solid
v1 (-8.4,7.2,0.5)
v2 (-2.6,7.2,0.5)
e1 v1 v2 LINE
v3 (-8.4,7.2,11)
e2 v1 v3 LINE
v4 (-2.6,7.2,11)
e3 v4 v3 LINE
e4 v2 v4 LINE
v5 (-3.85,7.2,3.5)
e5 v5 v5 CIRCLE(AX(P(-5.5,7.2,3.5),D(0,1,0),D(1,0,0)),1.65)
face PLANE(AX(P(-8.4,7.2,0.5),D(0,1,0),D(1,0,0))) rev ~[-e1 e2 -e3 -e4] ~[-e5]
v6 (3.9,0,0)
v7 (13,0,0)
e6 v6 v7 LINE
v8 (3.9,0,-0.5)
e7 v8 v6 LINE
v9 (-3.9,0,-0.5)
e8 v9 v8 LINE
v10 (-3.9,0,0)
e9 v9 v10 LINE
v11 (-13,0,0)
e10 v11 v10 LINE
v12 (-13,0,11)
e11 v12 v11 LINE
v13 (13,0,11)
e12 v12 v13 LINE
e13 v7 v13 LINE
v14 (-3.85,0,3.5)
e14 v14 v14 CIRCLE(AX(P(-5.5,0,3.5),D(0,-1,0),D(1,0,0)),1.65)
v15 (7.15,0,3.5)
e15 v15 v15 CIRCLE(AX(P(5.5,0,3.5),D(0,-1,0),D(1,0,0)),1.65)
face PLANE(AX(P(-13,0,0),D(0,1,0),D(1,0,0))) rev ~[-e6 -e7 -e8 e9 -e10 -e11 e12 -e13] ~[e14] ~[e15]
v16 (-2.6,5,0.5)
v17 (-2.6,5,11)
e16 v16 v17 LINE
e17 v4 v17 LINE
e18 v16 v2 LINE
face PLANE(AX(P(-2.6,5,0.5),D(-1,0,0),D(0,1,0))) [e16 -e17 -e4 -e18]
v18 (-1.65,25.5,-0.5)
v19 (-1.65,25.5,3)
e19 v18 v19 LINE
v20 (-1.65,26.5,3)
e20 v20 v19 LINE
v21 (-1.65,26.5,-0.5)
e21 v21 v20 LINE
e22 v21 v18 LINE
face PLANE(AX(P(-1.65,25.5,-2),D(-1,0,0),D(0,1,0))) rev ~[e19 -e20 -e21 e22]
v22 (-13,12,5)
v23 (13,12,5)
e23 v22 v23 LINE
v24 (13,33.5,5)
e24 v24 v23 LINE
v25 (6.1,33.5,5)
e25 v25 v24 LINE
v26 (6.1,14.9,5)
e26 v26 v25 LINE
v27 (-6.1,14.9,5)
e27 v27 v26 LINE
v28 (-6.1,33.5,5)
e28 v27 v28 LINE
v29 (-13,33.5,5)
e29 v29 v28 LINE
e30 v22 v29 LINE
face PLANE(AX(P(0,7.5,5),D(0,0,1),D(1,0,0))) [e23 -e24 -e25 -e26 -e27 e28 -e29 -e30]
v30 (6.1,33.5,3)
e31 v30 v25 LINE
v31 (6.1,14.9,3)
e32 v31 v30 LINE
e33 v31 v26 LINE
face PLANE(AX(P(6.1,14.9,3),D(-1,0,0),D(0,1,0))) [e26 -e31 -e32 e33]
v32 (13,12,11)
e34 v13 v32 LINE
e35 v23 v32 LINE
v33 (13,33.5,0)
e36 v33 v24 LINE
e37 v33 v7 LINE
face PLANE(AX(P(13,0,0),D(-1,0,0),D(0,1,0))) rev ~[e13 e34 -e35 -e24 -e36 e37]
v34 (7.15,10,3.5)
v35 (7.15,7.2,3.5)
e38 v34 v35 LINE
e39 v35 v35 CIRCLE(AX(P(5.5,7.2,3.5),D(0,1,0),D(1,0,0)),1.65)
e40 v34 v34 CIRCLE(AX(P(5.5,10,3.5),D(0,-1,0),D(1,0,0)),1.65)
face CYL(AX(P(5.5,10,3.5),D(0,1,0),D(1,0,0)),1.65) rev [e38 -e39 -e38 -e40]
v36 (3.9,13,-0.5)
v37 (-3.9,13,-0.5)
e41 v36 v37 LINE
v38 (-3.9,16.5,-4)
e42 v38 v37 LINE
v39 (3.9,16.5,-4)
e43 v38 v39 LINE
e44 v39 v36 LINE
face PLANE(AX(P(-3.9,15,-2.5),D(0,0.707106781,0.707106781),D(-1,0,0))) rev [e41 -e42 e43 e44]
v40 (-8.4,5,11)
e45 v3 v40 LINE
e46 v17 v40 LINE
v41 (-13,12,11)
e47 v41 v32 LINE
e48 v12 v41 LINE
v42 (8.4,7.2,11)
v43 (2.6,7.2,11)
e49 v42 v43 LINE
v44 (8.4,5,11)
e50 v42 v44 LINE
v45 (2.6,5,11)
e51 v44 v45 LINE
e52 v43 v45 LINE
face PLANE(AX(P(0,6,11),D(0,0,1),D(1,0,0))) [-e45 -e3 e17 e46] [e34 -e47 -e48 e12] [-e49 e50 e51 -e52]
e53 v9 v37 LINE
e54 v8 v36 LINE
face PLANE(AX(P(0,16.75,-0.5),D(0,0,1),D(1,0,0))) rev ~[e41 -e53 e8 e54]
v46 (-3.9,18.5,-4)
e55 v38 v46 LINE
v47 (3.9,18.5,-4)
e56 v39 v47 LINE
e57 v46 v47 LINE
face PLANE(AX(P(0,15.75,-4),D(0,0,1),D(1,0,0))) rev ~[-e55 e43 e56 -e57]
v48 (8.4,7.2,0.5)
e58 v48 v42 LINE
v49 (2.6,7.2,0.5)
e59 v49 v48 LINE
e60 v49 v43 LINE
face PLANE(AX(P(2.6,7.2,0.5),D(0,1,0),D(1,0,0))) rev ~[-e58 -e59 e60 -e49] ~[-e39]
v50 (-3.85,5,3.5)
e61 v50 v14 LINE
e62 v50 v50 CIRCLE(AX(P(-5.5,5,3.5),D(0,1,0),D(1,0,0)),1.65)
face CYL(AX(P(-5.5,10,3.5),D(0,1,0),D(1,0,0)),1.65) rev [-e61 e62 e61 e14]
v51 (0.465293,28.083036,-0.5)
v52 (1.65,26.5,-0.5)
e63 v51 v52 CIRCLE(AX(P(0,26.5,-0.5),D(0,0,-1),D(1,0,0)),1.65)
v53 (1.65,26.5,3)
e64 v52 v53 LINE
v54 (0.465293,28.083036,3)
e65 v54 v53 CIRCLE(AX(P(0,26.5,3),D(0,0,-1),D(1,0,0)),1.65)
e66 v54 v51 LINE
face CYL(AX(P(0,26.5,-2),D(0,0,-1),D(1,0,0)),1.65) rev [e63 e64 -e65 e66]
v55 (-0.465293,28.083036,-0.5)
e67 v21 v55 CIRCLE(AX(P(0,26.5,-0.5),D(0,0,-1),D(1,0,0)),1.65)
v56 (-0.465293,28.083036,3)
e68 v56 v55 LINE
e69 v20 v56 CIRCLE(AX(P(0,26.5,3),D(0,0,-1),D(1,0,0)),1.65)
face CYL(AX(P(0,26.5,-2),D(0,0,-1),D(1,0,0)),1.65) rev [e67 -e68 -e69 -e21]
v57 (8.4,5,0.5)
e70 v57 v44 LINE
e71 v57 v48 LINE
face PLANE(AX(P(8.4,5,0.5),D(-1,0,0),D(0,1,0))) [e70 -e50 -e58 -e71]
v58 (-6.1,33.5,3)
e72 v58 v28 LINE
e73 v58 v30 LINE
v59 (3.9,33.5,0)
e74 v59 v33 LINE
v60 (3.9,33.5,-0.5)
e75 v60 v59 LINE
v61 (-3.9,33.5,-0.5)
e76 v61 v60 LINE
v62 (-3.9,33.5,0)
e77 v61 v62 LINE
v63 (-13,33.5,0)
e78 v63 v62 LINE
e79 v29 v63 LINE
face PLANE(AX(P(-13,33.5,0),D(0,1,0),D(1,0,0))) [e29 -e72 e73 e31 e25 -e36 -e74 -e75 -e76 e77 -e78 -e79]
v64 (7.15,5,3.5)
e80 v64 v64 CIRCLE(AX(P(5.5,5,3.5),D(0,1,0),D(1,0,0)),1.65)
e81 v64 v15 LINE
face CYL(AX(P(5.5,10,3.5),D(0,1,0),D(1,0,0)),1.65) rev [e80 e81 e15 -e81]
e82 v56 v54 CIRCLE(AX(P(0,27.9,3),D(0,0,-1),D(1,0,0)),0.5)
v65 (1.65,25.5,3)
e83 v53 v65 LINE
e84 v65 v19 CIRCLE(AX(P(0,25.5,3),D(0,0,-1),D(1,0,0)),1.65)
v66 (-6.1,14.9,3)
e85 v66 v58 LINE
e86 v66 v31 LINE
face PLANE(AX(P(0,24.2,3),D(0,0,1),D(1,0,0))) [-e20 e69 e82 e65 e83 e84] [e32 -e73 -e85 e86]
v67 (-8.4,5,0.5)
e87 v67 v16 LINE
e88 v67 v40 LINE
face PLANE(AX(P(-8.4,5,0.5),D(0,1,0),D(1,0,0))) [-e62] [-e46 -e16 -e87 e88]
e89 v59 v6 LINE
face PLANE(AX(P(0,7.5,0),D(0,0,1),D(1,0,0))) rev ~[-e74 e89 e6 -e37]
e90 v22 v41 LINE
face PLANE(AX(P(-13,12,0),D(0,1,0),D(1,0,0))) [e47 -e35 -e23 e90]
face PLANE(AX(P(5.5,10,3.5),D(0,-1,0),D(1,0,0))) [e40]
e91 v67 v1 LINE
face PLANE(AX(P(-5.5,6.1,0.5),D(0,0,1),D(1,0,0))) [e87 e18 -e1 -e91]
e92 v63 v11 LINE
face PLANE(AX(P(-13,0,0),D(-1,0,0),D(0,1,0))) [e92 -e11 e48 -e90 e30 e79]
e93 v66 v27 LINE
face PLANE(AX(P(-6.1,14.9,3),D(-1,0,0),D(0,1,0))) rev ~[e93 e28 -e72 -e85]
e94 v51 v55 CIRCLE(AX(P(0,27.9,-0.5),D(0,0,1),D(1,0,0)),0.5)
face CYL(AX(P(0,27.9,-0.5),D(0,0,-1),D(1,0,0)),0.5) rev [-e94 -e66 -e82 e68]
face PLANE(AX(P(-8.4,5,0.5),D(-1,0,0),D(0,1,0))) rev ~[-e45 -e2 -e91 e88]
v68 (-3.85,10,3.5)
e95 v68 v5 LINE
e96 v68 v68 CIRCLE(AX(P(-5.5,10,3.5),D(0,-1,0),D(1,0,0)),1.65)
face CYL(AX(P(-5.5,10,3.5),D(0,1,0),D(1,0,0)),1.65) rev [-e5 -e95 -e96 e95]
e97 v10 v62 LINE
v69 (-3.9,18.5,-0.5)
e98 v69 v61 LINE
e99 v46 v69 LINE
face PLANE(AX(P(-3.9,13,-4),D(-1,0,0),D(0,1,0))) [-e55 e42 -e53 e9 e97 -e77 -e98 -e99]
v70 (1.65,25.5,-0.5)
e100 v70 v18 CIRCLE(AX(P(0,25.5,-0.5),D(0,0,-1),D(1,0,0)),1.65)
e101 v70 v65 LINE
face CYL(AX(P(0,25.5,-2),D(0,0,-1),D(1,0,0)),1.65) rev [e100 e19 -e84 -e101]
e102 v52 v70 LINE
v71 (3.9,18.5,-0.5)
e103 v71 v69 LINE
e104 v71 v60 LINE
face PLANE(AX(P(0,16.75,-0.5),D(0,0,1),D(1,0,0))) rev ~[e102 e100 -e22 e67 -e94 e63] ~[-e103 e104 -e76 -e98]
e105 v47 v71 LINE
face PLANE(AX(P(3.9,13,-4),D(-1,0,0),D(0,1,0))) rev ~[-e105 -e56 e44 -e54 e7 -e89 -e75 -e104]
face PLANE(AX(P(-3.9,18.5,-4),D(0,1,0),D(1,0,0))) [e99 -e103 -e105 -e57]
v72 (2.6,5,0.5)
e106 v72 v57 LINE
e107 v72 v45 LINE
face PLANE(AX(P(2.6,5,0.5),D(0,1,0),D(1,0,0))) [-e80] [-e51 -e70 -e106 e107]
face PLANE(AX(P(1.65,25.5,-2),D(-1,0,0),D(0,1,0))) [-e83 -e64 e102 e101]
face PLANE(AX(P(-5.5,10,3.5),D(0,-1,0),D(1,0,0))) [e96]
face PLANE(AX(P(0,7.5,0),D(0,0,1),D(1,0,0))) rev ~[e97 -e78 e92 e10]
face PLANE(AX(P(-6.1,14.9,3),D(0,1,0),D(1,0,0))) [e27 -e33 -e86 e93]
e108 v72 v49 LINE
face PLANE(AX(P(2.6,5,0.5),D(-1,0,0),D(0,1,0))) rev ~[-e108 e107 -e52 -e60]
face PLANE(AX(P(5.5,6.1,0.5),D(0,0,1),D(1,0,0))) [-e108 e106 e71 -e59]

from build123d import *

# Parameters (mm, degrees)
BOX095_W           = 5.8
BOX095_H           = 2.2
BOX095_DEPTH       = 11
BOX096_W           = 5.8
BOX096_H           = 2.2
BOX096_DEPTH       = 11
CYLINDER028_R      = 1.65
CYLINDER028_DEPTH  = 10
CYLINDER029_R      = 1.65
CYLINDER029_DEPTH  = 10
BOX169_W           = 7.8
BOX169_H           = 5.5
BOX169_DEPTH       = 6
CHAMFER008003_SIZE = 5
BOX093_W           = 7.8
BOX093_H           = 5.5
BOX093_DEPTH       = 4
CYLINDER027_R      = 0.5
CYLINDER027_DEPTH  = 13
CYLINDER067_R      = 1.65
CYLINDER067_DEPTH  = 13
BOX105_W           = 3.3
BOX105_H           = 1
BOX105_DEPTH       = 10
CYLINDER030_R      = 1.65
CYLINDER030_DEPTH  = 13
BOX102_W           = 12.2
BOX102_H           = 18.6
BOX102_DEPTH       = 2
BOX104_W           = 26
BOX104_H           = 33.5
BOX104_DEPTH       = 3
BOX100_W           = 26
BOX100_H           = 12
BOX100_DEPTH       = 11
BOX099_W           = 7
BOX099_H           = 33.5
BOX099_DEPTH       = 5
BOX098_W           = 7
BOX098_H           = 33.5
BOX098_DEPTH       = 5
BOX168_W           = 7.8
BOX168_H           = 33.5
BOX168_DEPTH       = 0.5
BOX101_W           = 26
BOX101_H           = 15
BOX101_DEPTH       = 5


with BuildPart() as box095:
    # Box095 → Box095 (new body)
    with BuildSketch(Plane(origin=(2.6, 5, 0.5), x_dir=(1, 0, 0), z_dir=(0, 0, 1))):
        with Locations((2.9, 1.1)):
            Rectangle(BOX095_W, BOX095_H)
    extrude(amount=BOX095_DEPTH)


with BuildPart() as box096:
    # Box096 → Box096 (new body)
    with BuildSketch(Plane(origin=(-8.4, 5, 0.5), x_dir=(1, 0, 0), z_dir=(0, 0, 1))):
        with Locations((2.9, 1.1)):
            Rectangle(BOX096_W, BOX096_H)
    extrude(amount=BOX096_DEPTH)


with BuildPart() as cylinder028:
    # Cylinder028 → Cylinder028 (new body)
    with BuildSketch(Plane(origin=(-5.5, 10, 3.5), x_dir=(1, 0, 0), z_dir=(0, -1, 0))):
        Circle(CYLINDER028_R)
    extrude(amount=CYLINDER028_DEPTH)


with BuildPart() as fusion032:
    # Cylinder029 → Cylinder029 (new body)
    with BuildSketch(Plane(origin=(5.5, 10, 3.5), x_dir=(1, 0, 0), z_dir=(0, -1, 0))):
        Circle(CYLINDER029_R)
    extrude(amount=CYLINDER029_DEPTH)

    # Fusion032: union Cylinder028
    add(cylinder028.part)


with BuildPart() as chamfer008003:
    # Box169 → Box169 (new body)
    with BuildSketch(Plane(origin=(-3.9, 8, -11), x_dir=(1, 0, 0), z_dir=(0, 0, 1))):
        with Locations((3.9, 2.75)):
            Rectangle(BOX169_W, BOX169_H)
    extrude(amount=BOX169_DEPTH)

    # Chamfer008003
    chamfer008003_edges = [chamfer008003.edges().sort_by_distance(p)[0] for p in [
        (0, 13.5, -5),
    ]]
    chamfer(chamfer008003_edges, length=CHAMFER008003_SIZE)


with BuildPart() as chamfer008003_1:
    # Chamfer008003 placement: moved
    add(chamfer008003.part.moved(Location((0, 4, 5))))


with BuildPart() as cut001003002044:
    # Box093 → Box093 (new body)
    with BuildSketch(Plane(origin=(-3.9, 13, -4), x_dir=(1, 0, 0), z_dir=(0, 0, 1))):
        with Locations((3.9, 2.75)):
            Rectangle(BOX093_W, BOX093_H)
    extrude(amount=BOX093_DEPTH)

    # Cut001003002044: cut Chamfer008003
    add(chamfer008003_1.part, mode=Mode.SUBTRACT)


with BuildPart() as rail_bolt013:
    # Cylinder027 → Cylinder027 (new body)
    with BuildSketch(Plane(origin=(0, 27.9, -0.5), x_dir=(1, 0, 0), z_dir=(0, 0, 1))):
        Circle(CYLINDER027_R)
    extrude(amount=CYLINDER027_DEPTH)


with BuildPart() as rail_bolt025:
    # Cylinder067 → Cylinder067 (new body)
    with BuildSketch(Plane(origin=(0, 26.5, 0), x_dir=(1, 0, 0), z_dir=(0, 0, 1))):
        Circle(CYLINDER067_R)
    extrude(amount=CYLINDER067_DEPTH)


with BuildPart() as bolt_spacer:
    # Box105 → Box105 (new body)
    with BuildSketch(Plane(origin=(-1.65, 25.5, 0), x_dir=(1, 0, 0), z_dir=(0, 0, 1))):
        with Locations((1.65, 0.5)):
            Rectangle(BOX105_W, BOX105_H)
    extrude(amount=BOX105_DEPTH)


with BuildPart() as fusion:
    # Cylinder030 → Cylinder030 (new body)
    with BuildSketch(Plane(origin=(0, 25.5, 0), x_dir=(1, 0, 0), z_dir=(0, 0, 1))):
        Circle(CYLINDER030_R)
    extrude(amount=CYLINDER030_DEPTH)

    # Fusion: union rail-bolt025, bolt-spacer
    add(rail_bolt025.part)
    add(bolt_spacer.part)


with BuildPart() as fusion_1:
    # Fusion placement: moved
    add(fusion.part.moved(Location((0, 0, -2))))


with BuildPart() as f_01_cut_out007:
    # Box102 → Box102 (new body)
    with BuildSketch(Plane(origin=(-6.1, 14.9, 3), x_dir=(1, 0, 0), z_dir=(0, 0, 1))):
        with Locations((6.1, 9.3)):
            Rectangle(BOX102_W, BOX102_H)
    extrude(amount=BOX102_DEPTH)


with BuildPart() as base006:
    # Box104 → Box104 (new body)
    with BuildSketch(Plane(origin=(-13, 0, 0), x_dir=(1, 0, 0), z_dir=(0, 0, 1))):
        with Locations((13, 16.75)):
            Rectangle(BOX104_W, BOX104_H)
    extrude(amount=BOX104_DEPTH)


with BuildPart() as head_stopper004:
    # Box100 → Box100 (new body)
    with BuildSketch(Plane(origin=(-13, 0, 0), x_dir=(1, 0, 0), z_dir=(0, 0, 1))):
        with Locations((13, 6)):
            Rectangle(BOX100_W, BOX100_H)
    extrude(amount=BOX100_DEPTH)


with BuildPart() as box099:
    # Box099 → Box099 (new body)
    with BuildSketch(Plane(origin=(6, 0, 0), x_dir=(1, 0, 0), z_dir=(0, 0, 1))):
        with Locations((3.5, 16.75)):
            Rectangle(BOX099_W, BOX099_H)
    extrude(amount=BOX099_DEPTH)


with BuildPart() as box098:
    # Box098 → Box098 (new body)
    with BuildSketch(Plane(origin=(-13, 0, 0), x_dir=(1, 0, 0), z_dir=(0, 0, 1))):
        with Locations((3.5, 16.75)):
            Rectangle(BOX098_W, BOX098_H)
    extrude(amount=BOX098_DEPTH)


with BuildPart() as bolt_stopper005:
    # Box168 → Box168 (new body)
    with BuildSketch(Plane(origin=(-3.9, 0, -0.5), x_dir=(1, 0, 0), z_dir=(0, 0, 1))):
        with Locations((3.9, 16.75)):
            Rectangle(BOX168_W, BOX168_H)
    extrude(amount=BOX168_DEPTH)


with BuildPart() as cut001003002047034:
    # Box101 → Box101 (new body)
    with BuildSketch(Plane(origin=(-13, 0, 0), x_dir=(1, 0, 0), z_dir=(0, 0, 1))):
        with Locations((13, 7.5)):
            Rectangle(BOX101_W, BOX101_H)
    extrude(amount=BOX101_DEPTH)

    # Fusion030: union base006, head-stopper004, Box099, Box098, bolt-stopper005
    add(base006.part)
    add(head_stopper004.part)
    add(box099.part)
    add(box098.part)
    add(bolt_stopper005.part)

    # Cut001003002041: cut 01-cut-out007
    add(f_01_cut_out007.part, mode=Mode.SUBTRACT)

    # Cut001003002042: cut Fusion
    add(fusion_1.part, mode=Mode.SUBTRACT)

    # Cut001003002043: cut rail-bolt013
    add(rail_bolt013.part, mode=Mode.SUBTRACT)

    # Fusion031: union Cut001003002044
    add(cut001003002044.part)

    # Cut001003002045: cut Fusion032
    add(fusion032.part, mode=Mode.SUBTRACT)

    # Cut001003002047033: cut Box096
    add(box096.part, mode=Mode.SUBTRACT)

    # Cut001003002047034: cut Box095
    add(box095.part, mode=Mode.SUBTRACT)


solid = cut001003002047034.part
